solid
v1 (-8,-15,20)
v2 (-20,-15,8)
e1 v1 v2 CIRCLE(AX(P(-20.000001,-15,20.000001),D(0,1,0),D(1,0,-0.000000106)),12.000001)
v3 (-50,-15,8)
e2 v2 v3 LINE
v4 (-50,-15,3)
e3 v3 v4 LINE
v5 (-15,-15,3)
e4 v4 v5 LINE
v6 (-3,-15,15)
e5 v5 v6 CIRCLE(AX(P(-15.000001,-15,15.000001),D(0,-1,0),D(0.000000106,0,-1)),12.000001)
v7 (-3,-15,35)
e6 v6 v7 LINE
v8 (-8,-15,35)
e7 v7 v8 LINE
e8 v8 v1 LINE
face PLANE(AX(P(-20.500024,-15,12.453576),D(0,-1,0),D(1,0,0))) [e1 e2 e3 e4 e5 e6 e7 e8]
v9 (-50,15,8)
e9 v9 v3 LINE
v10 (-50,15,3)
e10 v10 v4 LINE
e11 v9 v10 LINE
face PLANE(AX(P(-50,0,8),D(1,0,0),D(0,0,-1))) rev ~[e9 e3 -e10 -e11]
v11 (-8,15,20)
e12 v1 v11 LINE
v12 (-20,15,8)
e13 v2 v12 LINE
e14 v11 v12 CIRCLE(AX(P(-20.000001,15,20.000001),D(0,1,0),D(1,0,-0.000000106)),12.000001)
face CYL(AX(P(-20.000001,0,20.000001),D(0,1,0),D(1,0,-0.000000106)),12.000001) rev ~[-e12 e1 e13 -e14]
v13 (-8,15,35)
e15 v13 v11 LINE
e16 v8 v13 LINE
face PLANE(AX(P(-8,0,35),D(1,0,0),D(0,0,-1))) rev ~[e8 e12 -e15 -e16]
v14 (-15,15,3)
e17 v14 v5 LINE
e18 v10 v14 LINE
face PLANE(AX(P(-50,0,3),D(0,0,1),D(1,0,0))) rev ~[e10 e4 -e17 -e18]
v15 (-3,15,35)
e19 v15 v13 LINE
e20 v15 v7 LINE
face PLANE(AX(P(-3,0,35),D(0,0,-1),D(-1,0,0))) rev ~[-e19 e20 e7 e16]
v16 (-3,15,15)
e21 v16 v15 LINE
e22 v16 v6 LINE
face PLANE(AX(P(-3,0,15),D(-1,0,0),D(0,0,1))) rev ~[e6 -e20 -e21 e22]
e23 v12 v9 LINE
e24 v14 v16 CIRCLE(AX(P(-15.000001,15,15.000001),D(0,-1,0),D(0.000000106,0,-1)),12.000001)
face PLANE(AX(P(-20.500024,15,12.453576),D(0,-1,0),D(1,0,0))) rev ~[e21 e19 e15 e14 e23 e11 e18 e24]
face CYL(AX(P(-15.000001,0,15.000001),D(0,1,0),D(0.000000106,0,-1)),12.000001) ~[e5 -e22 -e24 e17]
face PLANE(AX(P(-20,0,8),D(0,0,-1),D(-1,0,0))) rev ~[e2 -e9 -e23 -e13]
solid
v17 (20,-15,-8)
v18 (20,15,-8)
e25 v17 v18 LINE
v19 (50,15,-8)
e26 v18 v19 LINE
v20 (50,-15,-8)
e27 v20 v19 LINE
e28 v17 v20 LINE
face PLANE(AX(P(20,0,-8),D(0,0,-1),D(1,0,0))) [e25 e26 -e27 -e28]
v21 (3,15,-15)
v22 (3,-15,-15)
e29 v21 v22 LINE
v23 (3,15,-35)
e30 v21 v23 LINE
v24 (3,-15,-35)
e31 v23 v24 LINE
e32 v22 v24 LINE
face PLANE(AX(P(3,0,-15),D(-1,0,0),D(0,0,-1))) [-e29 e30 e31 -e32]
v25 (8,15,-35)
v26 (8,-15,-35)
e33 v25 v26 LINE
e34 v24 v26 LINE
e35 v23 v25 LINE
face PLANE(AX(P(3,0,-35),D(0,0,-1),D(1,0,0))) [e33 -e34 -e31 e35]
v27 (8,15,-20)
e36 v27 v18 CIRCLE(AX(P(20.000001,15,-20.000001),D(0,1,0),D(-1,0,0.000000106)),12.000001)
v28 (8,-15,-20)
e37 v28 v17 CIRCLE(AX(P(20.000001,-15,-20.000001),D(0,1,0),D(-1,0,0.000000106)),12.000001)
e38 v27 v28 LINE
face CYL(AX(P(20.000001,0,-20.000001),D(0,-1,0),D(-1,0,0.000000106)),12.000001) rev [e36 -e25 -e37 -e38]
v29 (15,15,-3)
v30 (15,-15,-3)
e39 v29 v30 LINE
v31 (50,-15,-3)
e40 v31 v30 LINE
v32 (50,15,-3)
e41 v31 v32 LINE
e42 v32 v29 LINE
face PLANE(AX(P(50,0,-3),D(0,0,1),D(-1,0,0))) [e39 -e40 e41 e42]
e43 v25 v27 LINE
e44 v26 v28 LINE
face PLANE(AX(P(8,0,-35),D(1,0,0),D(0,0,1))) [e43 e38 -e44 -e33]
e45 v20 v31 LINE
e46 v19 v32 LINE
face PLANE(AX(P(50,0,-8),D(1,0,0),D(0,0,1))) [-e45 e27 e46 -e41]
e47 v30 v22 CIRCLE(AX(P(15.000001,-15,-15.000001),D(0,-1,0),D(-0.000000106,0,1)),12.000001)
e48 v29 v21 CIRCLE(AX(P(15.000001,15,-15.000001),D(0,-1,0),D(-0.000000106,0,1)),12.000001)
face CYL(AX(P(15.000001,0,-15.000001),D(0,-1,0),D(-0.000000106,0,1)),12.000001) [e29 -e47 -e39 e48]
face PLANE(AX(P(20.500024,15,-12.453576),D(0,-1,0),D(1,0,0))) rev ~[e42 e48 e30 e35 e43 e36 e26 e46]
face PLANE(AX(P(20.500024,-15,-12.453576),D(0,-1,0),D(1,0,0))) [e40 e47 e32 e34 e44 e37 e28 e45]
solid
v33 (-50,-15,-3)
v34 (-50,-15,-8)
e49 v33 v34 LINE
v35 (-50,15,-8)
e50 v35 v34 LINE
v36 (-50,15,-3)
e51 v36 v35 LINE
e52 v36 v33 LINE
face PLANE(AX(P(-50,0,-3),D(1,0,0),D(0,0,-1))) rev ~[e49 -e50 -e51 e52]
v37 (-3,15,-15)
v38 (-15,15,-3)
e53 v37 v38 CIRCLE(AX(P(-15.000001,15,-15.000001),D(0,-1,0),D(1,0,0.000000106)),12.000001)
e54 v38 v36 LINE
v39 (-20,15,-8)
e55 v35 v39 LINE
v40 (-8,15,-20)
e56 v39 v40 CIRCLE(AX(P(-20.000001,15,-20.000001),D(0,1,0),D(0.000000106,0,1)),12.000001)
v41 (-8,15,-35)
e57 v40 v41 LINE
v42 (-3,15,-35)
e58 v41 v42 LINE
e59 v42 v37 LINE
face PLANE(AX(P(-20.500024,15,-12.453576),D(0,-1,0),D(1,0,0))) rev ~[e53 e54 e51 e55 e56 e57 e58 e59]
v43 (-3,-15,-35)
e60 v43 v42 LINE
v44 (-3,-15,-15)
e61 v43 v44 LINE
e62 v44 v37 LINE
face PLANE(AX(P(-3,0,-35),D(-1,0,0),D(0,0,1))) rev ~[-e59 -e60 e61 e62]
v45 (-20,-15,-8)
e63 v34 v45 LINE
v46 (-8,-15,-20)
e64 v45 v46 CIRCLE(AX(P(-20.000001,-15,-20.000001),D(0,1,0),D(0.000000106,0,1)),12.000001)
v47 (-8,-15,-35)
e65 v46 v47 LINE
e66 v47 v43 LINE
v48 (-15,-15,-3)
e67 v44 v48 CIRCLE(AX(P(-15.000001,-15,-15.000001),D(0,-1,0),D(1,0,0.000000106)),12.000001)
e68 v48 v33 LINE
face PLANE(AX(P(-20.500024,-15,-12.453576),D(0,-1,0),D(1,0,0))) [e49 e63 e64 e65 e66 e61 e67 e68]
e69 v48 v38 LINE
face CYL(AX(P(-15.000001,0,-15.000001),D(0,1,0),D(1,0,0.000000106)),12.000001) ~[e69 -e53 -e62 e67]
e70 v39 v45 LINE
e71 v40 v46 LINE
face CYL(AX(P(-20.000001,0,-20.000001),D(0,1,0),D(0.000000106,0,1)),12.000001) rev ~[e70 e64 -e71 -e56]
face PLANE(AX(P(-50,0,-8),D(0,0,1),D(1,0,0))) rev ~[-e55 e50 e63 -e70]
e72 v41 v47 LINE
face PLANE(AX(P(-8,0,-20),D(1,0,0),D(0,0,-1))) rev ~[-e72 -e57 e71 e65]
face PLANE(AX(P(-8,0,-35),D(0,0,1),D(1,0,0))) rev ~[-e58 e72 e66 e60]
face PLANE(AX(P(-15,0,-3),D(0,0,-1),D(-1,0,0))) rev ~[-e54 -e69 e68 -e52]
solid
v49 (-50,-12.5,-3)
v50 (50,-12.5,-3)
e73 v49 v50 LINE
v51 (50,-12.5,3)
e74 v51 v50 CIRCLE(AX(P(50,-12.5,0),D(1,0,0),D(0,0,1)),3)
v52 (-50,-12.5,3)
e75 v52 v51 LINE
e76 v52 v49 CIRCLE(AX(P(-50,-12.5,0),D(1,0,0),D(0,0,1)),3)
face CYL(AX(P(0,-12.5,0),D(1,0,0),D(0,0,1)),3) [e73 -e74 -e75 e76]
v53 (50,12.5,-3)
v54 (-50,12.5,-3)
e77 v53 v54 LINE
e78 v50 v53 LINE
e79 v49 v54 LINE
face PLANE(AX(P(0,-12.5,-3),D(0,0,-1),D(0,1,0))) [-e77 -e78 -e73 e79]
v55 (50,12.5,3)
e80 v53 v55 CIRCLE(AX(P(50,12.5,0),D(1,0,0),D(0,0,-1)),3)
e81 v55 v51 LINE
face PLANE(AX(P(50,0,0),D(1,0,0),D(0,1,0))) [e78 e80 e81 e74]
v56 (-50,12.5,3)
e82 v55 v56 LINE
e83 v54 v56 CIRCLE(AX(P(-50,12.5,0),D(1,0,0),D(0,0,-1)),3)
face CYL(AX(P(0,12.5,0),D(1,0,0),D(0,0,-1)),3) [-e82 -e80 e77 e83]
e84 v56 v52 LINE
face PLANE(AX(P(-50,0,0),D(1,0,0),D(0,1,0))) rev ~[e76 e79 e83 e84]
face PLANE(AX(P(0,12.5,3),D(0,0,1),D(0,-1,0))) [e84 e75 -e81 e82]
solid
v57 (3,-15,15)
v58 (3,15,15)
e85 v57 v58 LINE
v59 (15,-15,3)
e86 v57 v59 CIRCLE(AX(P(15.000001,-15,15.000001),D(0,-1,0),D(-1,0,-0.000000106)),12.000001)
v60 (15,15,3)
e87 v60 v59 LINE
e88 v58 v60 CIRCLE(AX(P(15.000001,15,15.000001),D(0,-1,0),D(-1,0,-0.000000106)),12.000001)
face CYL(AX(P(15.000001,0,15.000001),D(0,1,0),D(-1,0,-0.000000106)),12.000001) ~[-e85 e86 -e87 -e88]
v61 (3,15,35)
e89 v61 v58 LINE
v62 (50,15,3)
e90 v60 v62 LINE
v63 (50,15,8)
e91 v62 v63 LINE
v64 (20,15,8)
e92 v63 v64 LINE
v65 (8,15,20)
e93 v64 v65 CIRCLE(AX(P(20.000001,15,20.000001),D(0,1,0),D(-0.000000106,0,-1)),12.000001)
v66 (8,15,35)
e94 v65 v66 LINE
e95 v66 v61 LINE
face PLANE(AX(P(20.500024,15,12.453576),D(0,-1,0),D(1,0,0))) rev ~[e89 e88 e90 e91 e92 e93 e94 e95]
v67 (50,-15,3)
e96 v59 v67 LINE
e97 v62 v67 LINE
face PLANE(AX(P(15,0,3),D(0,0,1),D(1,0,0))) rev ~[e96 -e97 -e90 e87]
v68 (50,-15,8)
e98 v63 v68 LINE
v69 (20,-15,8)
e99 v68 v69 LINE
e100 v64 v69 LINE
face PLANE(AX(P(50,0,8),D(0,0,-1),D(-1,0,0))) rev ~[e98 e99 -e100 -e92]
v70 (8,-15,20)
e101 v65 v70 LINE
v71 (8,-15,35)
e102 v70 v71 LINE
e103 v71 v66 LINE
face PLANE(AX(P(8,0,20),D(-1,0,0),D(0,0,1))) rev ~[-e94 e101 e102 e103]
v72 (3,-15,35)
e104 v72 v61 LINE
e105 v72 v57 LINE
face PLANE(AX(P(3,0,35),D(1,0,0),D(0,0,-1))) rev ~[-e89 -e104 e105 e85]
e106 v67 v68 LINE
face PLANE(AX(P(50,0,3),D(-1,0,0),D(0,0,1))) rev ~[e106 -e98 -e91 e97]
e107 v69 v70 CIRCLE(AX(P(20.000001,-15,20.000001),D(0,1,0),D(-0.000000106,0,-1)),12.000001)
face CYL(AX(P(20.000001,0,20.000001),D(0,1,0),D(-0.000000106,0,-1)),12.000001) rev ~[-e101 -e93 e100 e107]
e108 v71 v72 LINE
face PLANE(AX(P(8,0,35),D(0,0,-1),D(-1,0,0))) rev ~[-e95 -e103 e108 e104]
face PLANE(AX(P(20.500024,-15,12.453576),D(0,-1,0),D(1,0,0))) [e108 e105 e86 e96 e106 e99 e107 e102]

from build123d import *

# Parameters (mm, degrees)
F1_DEPTH = 50
F3_DEPTH = 15


with BuildPart() as f1:
    # F0 (on Right) → F1 (new body, symmetric)
    with BuildSketch(Plane.YZ):
        with BuildLine():
            Line((12.5, 3), (-12.5, 3))
            ThreePointArc((-12.5, 3), (-15.5, 0), (-12.5, -3))
            Line((-12.5, -3), (12.5, -3))
            ThreePointArc((12.5, -3), (15.5, 0), (12.5, 3))
        make_face()
    extrude(amount=F1_DEPTH, both=True)


with BuildPart() as f3:
    # F2 (on Front) → F3 (new body, symmetric)
    with BuildSketch(Plane.XZ):
        with BuildLine():
            Line((-20, 8), (-50, 8))
            Line((-50, 8), (-50, 3))
            Line((-50, 3), (-15, 3))
            ThreePointArc((-15, 3), (-6.514719, 6.514719), (-3, 15))
            Line((-3, 15), (-3, 35))
            Line((-3, 35), (-8, 35))
            Line((-8, 35), (-8, 20))
            ThreePointArc((-8, 20), (-11.514719, 11.514719), (-20, 8))
        make_face()
        with BuildLine():
            ThreePointArc((3, 15), (6.514719, 6.514719), (15, 3))
            Line((15, 3), (50, 3))
            Line((50, 3), (50, 8))
            Line((50, 8), (20, 8))
            ThreePointArc((20, 8), (11.514719, 11.514719), (8, 20))
            Line((8, 20), (8, 35))
            Line((8, 35), (3, 35))
            Line((3, 35), (3, 15))
        make_face()
        with BuildLine():
            Line((-15, -3), (-50, -3))
            Line((-50, -3), (-50, -8))
            Line((-50, -8), (-20, -8))
            ThreePointArc((-20, -8), (-11.514719, -11.514719), (-8, -20))
            Line((-8, -20), (-8, -35))
            Line((-8, -35), (-3, -35))
            Line((-3, -35), (-3, -15))
            ThreePointArc((-3, -15), (-6.514719, -6.514719), (-15, -3))
        make_face()
        with BuildLine():
            Line((50, -3), (15, -3))
            ThreePointArc((15, -3), (6.514719, -6.514719), (3, -15))
            Line((3, -15), (3, -35))
            Line((3, -35), (8, -35))
            Line((8, -35), (8, -20))
            ThreePointArc((8, -20), (11.514719, -11.514719), (20, -8))
            Line((20, -8), (50, -8))
            Line((50, -8), (50, -3))
        make_face()
    extrude(amount=F3_DEPTH, both=True)


solid = Compound([f1.part, f3.part])
